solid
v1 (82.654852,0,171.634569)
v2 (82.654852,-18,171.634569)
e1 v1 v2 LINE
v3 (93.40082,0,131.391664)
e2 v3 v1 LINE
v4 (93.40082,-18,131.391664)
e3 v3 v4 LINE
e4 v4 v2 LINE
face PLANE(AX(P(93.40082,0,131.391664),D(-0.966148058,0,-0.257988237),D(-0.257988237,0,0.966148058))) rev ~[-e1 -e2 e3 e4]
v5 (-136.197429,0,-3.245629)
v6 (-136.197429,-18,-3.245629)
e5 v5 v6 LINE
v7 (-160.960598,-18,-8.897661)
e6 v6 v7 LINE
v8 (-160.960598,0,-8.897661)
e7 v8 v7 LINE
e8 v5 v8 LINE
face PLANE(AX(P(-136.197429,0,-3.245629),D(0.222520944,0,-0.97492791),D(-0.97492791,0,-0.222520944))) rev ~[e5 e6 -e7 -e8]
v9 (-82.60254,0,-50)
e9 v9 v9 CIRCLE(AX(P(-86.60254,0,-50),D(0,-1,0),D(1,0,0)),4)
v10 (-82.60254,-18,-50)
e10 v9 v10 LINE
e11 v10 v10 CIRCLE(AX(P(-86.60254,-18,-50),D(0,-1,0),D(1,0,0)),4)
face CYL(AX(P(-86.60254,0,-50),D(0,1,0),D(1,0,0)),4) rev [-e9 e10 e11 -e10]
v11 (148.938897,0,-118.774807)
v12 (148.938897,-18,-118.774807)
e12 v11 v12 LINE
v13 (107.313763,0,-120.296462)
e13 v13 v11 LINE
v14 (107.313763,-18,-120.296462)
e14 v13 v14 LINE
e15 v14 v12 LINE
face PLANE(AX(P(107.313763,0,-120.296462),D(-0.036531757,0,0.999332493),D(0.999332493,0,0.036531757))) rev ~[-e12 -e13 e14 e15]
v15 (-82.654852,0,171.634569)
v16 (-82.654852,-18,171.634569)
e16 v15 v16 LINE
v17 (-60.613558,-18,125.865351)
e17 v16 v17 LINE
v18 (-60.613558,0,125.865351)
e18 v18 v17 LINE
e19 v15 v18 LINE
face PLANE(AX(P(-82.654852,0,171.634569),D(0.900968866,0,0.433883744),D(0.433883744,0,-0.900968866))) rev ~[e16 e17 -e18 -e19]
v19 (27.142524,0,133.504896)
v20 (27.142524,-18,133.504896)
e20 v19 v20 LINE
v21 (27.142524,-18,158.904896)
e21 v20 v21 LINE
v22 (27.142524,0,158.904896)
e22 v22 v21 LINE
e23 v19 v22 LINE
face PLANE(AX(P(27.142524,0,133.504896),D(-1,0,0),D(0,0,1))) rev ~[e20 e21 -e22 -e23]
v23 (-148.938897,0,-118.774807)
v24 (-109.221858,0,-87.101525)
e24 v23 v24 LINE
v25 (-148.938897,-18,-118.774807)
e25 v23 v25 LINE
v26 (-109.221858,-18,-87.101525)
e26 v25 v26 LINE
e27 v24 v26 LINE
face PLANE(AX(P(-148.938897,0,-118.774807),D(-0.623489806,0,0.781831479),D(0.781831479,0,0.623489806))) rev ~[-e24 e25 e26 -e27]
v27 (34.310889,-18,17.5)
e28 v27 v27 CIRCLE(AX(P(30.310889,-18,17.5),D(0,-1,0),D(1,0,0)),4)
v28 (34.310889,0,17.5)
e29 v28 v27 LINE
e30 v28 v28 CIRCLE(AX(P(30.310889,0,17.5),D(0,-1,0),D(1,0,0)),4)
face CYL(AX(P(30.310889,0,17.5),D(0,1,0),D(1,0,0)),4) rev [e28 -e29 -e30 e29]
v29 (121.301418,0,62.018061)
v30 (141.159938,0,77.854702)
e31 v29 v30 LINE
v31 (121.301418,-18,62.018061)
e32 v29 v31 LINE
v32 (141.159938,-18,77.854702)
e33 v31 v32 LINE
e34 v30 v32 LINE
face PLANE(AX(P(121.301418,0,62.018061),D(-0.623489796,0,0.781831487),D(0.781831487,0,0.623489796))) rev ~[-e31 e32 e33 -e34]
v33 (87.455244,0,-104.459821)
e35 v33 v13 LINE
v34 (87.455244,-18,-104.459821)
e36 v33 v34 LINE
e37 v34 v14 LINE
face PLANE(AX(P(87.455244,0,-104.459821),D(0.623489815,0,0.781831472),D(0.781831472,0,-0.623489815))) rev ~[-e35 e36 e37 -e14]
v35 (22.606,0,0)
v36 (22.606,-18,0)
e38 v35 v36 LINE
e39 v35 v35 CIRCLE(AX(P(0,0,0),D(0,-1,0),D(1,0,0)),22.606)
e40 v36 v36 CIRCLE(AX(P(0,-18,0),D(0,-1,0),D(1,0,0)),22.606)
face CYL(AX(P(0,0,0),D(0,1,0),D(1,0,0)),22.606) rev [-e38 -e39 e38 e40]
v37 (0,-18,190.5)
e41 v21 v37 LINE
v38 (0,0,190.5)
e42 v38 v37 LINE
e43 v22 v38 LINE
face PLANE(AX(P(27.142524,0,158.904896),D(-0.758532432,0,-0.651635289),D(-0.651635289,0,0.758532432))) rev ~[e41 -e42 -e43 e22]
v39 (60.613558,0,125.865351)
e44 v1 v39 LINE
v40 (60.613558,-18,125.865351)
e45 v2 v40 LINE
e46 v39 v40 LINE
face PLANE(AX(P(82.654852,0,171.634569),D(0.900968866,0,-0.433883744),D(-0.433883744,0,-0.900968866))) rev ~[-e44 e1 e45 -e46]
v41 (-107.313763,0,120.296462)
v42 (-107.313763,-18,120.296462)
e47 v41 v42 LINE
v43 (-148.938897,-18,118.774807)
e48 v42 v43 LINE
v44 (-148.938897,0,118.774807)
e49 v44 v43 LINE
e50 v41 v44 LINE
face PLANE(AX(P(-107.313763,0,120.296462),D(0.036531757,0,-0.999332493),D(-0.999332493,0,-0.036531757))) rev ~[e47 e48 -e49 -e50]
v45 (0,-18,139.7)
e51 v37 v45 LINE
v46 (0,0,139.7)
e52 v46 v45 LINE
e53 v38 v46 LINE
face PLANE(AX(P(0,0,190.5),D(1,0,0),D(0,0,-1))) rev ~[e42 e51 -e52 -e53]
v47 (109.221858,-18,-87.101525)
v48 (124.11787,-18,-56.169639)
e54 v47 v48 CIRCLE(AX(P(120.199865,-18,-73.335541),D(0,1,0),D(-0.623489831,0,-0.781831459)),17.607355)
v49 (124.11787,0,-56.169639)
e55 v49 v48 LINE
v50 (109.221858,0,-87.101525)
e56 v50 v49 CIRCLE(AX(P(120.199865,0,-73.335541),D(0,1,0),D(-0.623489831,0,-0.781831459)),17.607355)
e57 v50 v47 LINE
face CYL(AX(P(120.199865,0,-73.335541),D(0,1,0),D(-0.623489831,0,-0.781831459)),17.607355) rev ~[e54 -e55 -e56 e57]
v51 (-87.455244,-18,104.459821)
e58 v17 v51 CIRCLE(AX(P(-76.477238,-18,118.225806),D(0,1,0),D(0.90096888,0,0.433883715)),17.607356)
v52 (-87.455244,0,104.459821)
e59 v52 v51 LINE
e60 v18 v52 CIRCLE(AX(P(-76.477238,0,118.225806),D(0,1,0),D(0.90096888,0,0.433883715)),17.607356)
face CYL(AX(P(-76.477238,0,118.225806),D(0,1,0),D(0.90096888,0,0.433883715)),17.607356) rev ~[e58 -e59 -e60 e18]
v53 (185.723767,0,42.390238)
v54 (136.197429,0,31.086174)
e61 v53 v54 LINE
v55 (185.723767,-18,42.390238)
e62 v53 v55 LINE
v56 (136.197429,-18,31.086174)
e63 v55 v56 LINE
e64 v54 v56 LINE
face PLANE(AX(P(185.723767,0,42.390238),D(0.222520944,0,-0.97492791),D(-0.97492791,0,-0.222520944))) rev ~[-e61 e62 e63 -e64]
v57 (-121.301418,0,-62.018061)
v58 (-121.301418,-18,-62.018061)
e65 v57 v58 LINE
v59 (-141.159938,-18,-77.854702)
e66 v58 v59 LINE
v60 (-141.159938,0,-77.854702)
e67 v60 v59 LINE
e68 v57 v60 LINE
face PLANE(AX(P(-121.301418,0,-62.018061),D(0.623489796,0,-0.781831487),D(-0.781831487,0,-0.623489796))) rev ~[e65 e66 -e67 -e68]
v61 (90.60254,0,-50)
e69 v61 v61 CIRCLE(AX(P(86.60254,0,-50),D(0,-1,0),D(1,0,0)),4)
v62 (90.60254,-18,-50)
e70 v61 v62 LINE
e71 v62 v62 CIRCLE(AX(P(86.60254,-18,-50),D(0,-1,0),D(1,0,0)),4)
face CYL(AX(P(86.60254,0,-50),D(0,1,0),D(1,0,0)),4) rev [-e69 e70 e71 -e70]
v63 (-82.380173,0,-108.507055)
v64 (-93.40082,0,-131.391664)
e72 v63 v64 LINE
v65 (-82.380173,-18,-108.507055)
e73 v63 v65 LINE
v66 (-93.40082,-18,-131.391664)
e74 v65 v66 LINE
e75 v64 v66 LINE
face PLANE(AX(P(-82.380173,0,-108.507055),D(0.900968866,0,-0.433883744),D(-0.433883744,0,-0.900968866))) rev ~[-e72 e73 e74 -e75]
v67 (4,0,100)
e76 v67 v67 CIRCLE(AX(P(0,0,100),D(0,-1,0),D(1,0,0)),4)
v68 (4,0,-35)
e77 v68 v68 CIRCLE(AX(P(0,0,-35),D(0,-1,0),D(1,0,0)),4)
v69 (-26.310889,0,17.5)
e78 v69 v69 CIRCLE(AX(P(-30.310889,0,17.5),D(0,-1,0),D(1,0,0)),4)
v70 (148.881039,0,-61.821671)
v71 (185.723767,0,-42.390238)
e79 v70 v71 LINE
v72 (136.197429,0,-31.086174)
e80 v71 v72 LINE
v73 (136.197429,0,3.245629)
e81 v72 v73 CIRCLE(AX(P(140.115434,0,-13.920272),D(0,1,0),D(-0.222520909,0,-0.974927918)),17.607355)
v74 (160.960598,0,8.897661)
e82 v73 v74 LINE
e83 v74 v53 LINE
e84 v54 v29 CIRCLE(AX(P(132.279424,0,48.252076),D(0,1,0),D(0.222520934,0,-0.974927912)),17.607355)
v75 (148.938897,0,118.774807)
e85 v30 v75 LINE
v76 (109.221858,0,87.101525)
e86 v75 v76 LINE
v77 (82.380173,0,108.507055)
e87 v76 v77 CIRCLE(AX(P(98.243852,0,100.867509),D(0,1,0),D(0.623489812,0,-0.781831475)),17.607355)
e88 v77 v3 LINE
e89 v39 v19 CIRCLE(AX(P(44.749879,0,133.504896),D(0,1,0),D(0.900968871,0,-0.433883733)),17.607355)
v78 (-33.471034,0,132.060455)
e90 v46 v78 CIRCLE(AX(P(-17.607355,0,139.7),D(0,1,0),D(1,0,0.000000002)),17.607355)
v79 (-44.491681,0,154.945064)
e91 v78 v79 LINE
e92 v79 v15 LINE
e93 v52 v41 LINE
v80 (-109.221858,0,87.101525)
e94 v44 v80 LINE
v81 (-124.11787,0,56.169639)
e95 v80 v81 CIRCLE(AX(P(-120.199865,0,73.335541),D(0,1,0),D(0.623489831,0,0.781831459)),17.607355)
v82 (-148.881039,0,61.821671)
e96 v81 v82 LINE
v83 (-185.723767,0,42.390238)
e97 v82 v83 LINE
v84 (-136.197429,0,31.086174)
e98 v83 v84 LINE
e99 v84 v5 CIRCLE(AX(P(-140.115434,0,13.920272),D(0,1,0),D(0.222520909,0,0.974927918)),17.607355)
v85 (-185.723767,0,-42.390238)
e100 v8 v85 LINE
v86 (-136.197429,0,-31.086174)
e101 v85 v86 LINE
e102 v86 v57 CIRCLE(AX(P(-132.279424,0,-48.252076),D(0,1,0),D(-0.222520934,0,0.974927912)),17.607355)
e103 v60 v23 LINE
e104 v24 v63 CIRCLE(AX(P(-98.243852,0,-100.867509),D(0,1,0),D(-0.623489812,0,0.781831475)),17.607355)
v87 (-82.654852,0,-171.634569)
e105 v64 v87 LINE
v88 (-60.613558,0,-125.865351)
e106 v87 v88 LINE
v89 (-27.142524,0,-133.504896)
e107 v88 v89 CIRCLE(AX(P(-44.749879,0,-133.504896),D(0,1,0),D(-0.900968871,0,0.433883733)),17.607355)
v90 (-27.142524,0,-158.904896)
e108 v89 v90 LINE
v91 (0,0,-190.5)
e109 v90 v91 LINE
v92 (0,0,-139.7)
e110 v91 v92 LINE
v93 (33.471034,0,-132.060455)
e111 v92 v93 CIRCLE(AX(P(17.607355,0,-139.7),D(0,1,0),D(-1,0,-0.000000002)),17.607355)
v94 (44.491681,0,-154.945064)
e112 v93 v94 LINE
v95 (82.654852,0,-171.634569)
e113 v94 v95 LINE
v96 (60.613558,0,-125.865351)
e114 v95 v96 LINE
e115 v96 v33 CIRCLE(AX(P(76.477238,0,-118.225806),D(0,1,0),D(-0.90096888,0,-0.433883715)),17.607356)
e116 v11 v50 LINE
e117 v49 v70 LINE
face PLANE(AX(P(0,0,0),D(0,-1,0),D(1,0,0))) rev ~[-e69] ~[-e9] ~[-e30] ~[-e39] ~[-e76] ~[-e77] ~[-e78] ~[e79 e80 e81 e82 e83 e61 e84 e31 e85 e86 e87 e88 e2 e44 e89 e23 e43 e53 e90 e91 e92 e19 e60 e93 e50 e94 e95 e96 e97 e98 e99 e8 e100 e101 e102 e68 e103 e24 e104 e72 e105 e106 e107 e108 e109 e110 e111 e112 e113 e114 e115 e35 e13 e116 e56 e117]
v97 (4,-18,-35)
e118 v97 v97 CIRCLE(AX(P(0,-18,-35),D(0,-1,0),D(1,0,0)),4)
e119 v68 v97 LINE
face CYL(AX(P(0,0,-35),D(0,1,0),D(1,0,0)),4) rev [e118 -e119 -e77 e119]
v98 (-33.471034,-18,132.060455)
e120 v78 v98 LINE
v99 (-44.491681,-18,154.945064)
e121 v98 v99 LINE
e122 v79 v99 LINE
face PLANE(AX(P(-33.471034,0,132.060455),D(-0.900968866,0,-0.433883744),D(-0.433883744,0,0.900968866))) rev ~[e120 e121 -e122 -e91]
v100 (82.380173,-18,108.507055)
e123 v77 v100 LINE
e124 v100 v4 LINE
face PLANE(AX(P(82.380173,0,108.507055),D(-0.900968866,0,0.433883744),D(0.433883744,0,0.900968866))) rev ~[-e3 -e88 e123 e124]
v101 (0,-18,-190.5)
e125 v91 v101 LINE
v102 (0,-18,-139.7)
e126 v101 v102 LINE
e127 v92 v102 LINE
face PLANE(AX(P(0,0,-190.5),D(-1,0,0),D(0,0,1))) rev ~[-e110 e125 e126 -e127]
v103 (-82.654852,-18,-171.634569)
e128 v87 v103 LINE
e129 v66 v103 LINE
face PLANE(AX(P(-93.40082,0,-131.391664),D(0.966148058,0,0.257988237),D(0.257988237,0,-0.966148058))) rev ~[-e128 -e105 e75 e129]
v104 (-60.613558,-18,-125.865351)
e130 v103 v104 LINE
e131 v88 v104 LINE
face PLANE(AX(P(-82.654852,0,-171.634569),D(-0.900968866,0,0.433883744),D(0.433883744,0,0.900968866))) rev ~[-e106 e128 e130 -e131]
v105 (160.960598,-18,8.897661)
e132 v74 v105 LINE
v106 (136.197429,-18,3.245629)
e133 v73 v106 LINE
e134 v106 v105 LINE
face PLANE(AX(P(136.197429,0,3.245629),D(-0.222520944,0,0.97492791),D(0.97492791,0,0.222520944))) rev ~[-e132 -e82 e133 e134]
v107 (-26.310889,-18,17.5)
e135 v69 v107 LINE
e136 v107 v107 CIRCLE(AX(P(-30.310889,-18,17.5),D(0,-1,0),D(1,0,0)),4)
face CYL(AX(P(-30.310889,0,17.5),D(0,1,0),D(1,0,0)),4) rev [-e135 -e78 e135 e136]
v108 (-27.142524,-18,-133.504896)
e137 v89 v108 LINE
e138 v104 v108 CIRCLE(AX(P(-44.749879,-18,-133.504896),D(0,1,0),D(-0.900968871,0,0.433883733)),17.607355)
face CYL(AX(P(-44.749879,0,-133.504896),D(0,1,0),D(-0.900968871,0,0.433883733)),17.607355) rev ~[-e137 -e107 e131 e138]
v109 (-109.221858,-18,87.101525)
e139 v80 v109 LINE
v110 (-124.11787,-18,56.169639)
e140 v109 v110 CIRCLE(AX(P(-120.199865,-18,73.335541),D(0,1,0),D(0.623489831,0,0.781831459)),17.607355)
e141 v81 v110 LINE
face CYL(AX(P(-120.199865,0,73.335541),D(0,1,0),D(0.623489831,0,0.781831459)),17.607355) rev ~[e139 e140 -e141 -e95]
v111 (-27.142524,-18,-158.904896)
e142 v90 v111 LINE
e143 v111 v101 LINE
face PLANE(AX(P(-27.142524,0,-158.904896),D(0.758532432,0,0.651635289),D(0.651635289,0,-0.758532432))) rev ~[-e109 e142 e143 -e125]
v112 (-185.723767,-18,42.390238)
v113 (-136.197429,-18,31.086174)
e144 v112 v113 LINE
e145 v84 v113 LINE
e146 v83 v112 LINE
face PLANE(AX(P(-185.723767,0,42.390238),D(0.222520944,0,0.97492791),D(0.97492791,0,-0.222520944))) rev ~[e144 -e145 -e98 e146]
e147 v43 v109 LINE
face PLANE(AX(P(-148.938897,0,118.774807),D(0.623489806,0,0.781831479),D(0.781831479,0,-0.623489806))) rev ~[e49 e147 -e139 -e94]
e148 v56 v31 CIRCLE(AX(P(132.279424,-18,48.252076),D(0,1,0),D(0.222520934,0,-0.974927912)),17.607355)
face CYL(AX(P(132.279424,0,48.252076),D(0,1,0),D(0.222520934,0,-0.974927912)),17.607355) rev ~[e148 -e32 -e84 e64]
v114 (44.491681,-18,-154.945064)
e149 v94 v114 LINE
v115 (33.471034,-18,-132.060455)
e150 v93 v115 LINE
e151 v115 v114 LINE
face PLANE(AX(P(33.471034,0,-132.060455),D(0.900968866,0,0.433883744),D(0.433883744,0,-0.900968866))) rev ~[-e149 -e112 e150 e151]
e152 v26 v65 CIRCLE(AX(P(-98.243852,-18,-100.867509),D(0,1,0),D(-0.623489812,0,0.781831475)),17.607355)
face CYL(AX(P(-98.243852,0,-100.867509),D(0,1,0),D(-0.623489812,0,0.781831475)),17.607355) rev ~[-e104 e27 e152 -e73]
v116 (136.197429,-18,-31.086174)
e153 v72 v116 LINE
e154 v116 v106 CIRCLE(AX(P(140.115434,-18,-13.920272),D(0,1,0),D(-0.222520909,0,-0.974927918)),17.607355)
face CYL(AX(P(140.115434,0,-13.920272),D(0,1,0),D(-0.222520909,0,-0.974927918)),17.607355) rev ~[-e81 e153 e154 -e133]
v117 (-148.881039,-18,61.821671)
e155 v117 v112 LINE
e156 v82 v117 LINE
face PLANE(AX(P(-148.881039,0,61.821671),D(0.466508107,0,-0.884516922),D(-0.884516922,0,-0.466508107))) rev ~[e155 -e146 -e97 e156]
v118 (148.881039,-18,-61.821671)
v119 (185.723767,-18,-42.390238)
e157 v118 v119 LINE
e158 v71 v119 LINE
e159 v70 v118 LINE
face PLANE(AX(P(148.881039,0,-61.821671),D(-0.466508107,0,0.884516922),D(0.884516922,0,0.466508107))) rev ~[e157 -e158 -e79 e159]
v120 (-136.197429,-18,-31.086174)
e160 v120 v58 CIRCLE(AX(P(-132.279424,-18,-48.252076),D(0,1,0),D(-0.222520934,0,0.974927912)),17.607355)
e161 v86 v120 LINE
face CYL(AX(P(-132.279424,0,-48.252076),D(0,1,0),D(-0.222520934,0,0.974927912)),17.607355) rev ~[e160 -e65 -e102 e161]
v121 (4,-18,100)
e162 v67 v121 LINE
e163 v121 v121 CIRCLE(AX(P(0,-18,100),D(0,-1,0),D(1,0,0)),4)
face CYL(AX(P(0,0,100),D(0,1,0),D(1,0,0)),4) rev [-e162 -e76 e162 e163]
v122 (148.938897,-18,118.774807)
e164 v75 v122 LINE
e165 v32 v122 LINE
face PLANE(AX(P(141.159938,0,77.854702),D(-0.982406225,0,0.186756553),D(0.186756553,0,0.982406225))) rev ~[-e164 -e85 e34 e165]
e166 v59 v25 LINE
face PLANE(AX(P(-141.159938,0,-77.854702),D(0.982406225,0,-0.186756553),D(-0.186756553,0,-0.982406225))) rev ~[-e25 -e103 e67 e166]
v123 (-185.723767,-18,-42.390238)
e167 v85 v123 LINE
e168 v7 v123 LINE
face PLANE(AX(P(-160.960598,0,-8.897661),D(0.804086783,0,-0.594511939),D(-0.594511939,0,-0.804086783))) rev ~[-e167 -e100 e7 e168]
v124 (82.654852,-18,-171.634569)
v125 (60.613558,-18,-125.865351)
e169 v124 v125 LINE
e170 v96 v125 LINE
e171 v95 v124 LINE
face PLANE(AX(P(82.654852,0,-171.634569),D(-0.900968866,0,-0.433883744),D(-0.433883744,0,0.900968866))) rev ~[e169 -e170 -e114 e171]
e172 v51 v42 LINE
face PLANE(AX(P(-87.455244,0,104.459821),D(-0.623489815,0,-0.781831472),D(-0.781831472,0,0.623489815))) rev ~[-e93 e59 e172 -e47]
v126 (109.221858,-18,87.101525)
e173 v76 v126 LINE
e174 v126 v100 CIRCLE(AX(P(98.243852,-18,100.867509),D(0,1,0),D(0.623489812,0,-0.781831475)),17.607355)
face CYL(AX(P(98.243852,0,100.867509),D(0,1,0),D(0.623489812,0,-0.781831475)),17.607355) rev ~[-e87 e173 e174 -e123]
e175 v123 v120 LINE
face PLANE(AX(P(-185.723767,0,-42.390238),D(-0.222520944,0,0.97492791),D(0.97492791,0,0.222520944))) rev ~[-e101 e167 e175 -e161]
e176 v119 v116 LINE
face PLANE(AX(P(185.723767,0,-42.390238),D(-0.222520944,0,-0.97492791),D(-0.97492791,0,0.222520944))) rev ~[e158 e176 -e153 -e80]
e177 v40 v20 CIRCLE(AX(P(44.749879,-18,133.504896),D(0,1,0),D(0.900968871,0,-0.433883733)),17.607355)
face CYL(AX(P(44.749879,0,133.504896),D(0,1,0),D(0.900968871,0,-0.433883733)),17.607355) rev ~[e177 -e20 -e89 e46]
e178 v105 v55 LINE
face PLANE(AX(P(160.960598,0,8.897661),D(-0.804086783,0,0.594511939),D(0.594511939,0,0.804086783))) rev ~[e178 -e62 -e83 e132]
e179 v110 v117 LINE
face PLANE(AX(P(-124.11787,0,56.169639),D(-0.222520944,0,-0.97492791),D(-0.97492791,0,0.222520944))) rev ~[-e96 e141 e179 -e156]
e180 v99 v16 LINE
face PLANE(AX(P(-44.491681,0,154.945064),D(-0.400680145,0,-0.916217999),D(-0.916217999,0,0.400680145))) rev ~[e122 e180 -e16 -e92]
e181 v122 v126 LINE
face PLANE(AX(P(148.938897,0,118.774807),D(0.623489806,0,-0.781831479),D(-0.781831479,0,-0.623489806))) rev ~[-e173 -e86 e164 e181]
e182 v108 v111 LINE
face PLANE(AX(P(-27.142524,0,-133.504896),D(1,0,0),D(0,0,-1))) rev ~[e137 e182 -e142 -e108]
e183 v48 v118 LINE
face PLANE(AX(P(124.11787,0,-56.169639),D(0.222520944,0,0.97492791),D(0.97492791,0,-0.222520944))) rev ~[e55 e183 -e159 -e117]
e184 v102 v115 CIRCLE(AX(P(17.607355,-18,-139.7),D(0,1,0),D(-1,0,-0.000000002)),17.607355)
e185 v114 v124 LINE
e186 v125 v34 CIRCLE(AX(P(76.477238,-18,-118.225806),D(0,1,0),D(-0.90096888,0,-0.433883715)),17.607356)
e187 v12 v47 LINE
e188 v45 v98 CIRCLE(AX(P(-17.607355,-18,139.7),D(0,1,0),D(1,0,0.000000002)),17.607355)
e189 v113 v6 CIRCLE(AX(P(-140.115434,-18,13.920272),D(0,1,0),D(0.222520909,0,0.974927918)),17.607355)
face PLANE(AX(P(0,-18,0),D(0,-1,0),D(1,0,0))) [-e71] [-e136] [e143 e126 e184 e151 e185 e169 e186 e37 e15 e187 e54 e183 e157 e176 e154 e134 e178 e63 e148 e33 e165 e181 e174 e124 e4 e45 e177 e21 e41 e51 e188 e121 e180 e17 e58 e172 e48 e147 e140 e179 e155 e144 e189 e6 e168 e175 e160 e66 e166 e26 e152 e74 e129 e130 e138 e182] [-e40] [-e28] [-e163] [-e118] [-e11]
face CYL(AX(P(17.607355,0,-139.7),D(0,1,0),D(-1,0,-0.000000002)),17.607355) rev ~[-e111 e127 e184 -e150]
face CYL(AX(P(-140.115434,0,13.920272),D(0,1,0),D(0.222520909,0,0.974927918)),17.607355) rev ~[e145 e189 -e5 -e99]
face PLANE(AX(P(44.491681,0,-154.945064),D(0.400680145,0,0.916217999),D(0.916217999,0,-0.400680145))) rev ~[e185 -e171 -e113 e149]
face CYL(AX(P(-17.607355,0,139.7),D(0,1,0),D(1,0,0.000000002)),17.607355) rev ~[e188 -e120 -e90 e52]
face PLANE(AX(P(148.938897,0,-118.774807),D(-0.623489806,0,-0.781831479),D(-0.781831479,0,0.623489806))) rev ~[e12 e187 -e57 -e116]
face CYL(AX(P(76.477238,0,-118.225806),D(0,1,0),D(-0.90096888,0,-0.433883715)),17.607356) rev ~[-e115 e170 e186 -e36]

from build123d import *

# Parameters (mm, degrees)
F0_R     = 4
F0_R_2   = 22.606
F1_DEPTH = 18


with BuildPart() as f1:
    # F0 (on Front) → F1 (new body)
    with BuildSketch(Plane.XZ):
        with BuildLine():
            Line((27.142524, 133.504896), (27.142524, 158.904896))
            Line((27.142524, 158.904896), (0, 190.5))
            Line((0, 190.5), (0, 139.7))
            ThreePointArc((0, 139.7), (-13.68935, 122.534098), (-33.471034, 132.060455))
            Line((-33.471034, 132.060455), (-44.491681, 154.945064))
            Line((-44.491681, 154.945064), (-82.654852, 171.634569))
            Line((-82.654852, 171.634569), (-60.613558, 125.865351))
            ThreePointArc((-60.613558, 125.865351), (-65.499231, 104.459821), (-87.455244, 104.459821))
            Line((-87.455244, 104.459821), (-107.313763, 120.296462))
            Line((-107.313763, 120.296462), (-148.938897, 118.774807))
            Line((-148.938897, 118.774807), (-109.221858, 87.101525))
            ThreePointArc((-109.221858, 87.101525), (-104.336186, 65.695996), (-124.11787, 56.169639))
            Line((-124.11787, 56.169639), (-148.881039, 61.821671))
            Line((-148.881039, 61.821671), (-185.723767, 42.390238))
            Line((-185.723767, 42.390238), (-136.197429, 31.086174))
            ThreePointArc((-136.197429, 31.086174), (-122.508079, 13.920272), (-136.197429, -3.245629))
            Line((-136.197429, -3.245629), (-160.960598, -8.897661))
            Line((-160.960598, -8.897661), (-185.723767, -42.390238))
            Line((-185.723767, -42.390238), (-136.197429, -31.086174))
            ThreePointArc((-136.197429, -31.086174), (-116.415745, -40.612531), (-121.301418, -62.018061))
            Line((-121.301418, -62.018061), (-141.159938, -77.854702))
            Line((-141.159938, -77.854702), (-148.938897, -118.774807))
            Line((-148.938897, -118.774807), (-109.221858, -87.101525))
            ThreePointArc((-109.221858, -87.101525), (-87.265845, -87.101525), (-82.380173, -108.507055))
            Line((-82.380173, -108.507055), (-93.40082, -131.391664))
            Line((-93.40082, -131.391664), (-82.654852, -171.634569))
            Line((-82.654852, -171.634569), (-60.613558, -125.865351))
            ThreePointArc((-60.613558, -125.865351), (-40.831874, -116.338994), (-27.142524, -133.504896))
            Line((-27.142524, -133.504896), (-27.142524, -158.904896))
            Line((-27.142524, -158.904896), (0, -190.5))
            Line((0, -190.5), (0, -139.7))
            ThreePointArc((0, -139.7), (13.68935, -122.534098), (33.471034, -132.060455))
            Line((33.471034, -132.060455), (44.491681, -154.945064))
            Line((44.491681, -154.945064), (82.654852, -171.634569))
            Line((82.654852, -171.634569), (60.613558, -125.865351))
            ThreePointArc((60.613558, -125.865351), (65.499231, -104.459821), (87.455244, -104.459821))
            Line((87.455244, -104.459821), (107.313763, -120.296462))
            Line((107.313763, -120.296462), (148.938897, -118.774807))
            Line((148.938897, -118.774807), (109.221858, -87.101525))
            ThreePointArc((109.221858, -87.101525), (104.336186, -65.695996), (124.11787, -56.169639))
            Line((124.11787, -56.169639), (148.881039, -61.821671))
            Line((148.881039, -61.821671), (185.723767, -42.390238))
            Line((185.723767, -42.390238), (136.197429, -31.086174))
            ThreePointArc((136.197429, -31.086174), (122.508079, -13.920272), (136.197429, 3.245629))
            Line((136.197429, 3.245629), (160.960598, 8.897661))
            Line((160.960598, 8.897661), (185.723767, 42.390238))
            Line((185.723767, 42.390238), (136.197429, 31.086174))
            ThreePointArc((136.197429, 31.086174), (116.415745, 40.612531), (121.301418, 62.018061))
            Line((121.301418, 62.018061), (141.159938, 77.854702))
            Line((141.159938, 77.854702), (148.938897, 118.774807))
            Line((148.938897, 118.774807), (109.221858, 87.101525))
            ThreePointArc((109.221858, 87.101525), (87.265845, 87.101525), (82.380173, 108.507055))
            Line((82.380173, 108.507055), (93.40082, 131.391664))
            Line((93.40082, 131.391664), (82.654852, 171.634569))
            Line((82.654852, 171.634569), (60.613558, 125.865351))
            ThreePointArc((60.613558, 125.865351), (40.831874, 116.338994), (27.142524, 133.504896))
        make_face()
        with Locations((-86.60254, -50)):
            Circle(F0_R, mode=Mode.SUBTRACT)
        with Locations((0, -35)):
            Circle(F0_R, mode=Mode.SUBTRACT)
        with Locations((86.60254, -50)):
            Circle(F0_R, mode=Mode.SUBTRACT)
        with Locations((-30.310889, 17.5)):
            Circle(F0_R, mode=Mode.SUBTRACT)
        Circle(F0_R_2, mode=Mode.SUBTRACT)
        with Locations((0, 100)):
            Circle(F0_R, mode=Mode.SUBTRACT)
        with Locations((30.310889, 17.5)):
            Circle(F0_R, mode=Mode.SUBTRACT)
    extrude(amount=F1_DEPTH)


solid = f1.part
